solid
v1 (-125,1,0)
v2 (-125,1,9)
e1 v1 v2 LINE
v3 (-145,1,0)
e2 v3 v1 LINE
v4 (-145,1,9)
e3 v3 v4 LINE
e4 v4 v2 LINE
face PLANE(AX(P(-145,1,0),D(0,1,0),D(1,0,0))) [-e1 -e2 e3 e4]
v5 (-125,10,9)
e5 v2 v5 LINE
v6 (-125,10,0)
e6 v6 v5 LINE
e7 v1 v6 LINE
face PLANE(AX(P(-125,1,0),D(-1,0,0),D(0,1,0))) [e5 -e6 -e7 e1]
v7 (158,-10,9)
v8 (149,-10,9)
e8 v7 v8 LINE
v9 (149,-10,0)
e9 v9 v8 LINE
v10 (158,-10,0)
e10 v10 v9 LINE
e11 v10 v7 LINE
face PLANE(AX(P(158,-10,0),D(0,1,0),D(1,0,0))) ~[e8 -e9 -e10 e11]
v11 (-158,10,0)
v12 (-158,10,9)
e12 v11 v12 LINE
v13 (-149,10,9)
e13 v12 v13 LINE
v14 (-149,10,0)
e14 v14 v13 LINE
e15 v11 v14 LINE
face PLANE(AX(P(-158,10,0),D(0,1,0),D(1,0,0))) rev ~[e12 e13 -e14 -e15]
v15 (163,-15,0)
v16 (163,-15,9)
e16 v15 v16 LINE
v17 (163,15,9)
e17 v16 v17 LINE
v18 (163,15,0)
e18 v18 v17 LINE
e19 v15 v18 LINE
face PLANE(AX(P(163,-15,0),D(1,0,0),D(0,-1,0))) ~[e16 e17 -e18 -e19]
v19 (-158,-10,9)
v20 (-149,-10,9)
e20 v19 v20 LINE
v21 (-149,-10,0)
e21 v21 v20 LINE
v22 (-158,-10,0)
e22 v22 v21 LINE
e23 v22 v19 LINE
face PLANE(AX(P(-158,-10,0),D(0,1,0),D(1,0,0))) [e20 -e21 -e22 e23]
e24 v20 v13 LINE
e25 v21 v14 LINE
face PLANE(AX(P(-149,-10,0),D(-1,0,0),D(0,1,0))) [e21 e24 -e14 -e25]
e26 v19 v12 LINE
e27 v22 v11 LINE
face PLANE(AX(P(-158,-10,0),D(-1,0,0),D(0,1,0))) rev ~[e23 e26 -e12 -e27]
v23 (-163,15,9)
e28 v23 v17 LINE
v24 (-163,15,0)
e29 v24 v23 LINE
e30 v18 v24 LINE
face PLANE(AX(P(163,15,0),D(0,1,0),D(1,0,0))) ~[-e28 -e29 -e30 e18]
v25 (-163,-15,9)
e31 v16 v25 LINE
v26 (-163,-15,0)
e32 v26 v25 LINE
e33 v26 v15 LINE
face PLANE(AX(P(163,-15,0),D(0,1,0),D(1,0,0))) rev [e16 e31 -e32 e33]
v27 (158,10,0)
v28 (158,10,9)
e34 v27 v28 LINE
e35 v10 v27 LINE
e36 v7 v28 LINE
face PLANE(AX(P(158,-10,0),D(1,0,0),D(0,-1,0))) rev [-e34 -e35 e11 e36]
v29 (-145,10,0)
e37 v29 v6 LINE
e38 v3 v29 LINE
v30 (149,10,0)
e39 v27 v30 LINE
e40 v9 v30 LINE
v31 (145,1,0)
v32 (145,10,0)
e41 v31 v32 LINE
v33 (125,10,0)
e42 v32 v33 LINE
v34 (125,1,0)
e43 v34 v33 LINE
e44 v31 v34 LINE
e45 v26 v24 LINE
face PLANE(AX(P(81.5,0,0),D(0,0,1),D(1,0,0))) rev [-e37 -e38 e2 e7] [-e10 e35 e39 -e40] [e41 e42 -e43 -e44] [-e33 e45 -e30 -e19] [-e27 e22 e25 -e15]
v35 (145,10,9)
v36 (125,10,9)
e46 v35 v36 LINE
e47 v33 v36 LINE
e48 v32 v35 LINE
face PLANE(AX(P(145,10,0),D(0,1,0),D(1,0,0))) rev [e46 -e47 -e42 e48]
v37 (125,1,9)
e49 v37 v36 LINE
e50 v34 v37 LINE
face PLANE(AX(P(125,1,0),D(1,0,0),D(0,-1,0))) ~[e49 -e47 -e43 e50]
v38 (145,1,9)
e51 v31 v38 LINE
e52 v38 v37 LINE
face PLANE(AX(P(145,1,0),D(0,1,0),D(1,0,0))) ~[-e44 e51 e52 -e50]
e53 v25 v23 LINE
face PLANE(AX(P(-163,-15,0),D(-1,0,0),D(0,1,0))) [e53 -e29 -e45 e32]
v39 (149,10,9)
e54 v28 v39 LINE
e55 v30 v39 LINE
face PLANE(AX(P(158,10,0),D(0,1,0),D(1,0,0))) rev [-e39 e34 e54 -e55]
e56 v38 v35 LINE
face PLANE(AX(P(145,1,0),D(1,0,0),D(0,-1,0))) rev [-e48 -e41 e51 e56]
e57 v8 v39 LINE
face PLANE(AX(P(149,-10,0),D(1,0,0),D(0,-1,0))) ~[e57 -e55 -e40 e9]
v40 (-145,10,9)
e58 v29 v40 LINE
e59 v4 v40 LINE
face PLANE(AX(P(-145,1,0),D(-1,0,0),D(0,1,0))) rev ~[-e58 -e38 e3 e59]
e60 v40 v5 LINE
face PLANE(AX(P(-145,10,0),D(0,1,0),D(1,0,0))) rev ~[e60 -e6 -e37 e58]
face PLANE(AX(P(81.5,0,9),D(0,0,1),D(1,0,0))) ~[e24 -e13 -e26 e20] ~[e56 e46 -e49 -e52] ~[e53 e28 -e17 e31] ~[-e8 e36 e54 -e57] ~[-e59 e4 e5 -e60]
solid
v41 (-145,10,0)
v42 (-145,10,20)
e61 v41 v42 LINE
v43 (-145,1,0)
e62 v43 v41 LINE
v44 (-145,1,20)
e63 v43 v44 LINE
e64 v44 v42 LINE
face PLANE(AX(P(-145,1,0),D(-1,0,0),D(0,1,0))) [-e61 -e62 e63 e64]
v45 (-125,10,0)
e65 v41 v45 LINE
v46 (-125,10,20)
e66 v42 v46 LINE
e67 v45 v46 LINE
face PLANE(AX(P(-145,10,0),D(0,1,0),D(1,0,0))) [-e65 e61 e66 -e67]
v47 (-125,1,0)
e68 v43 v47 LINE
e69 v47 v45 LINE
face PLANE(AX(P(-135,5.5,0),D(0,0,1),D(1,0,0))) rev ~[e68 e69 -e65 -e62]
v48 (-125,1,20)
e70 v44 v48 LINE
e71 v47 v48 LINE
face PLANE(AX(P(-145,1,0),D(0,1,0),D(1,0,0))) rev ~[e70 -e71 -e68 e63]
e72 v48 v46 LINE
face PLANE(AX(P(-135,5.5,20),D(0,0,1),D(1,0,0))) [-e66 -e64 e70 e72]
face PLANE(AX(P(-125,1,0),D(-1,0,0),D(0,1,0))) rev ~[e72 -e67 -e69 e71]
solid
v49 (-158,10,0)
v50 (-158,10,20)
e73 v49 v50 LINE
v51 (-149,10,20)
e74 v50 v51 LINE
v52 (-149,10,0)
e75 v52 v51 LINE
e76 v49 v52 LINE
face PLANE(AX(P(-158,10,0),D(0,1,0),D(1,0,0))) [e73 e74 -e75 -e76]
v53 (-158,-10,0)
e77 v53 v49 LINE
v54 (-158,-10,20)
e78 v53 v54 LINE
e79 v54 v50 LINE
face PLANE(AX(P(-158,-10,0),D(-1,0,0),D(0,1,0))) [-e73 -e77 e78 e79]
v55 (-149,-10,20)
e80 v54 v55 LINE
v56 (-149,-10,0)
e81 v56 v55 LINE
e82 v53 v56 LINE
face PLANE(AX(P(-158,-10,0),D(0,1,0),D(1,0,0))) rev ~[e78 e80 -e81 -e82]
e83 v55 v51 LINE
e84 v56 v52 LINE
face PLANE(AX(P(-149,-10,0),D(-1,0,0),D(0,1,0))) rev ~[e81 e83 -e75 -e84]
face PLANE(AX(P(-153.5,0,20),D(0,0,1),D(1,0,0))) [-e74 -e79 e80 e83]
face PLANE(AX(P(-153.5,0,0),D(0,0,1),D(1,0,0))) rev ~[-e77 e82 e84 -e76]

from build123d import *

# Parameters (mm, degrees)
F0_W     = 163
F0_H     = 30
F0_W_2   = 9
F0_H_2   = 20
F0_W_3   = 20
F0_H_3   = 9
F1_DEPTH = 9
F2_DEPTH = 20


with BuildPart() as f1:
    # F0 (on Top) → F1 (new body)
    with BuildSketch(Plane.XY):
        with Locations((-81.5, 0)):
            Rectangle(F0_W, F0_H)
        with Locations((-153.5, 0)):
            Rectangle(F0_W_2, F0_H_2, mode=Mode.SUBTRACT)
        with Locations((-135, 5.5)):
            Rectangle(F0_W_3, F0_H_3, mode=Mode.SUBTRACT)
    extrude(amount=F1_DEPTH)

    # F3: F1 across face


with BuildPart() as f2:
    # F0 (on Top) → F2 (new body)
    with BuildSketch(Plane.XY):
        with Locations((-153.5, 0)):
            Rectangle(F0_W_2, F0_H_2)
        with Locations((-135, 5.5)):
            Rectangle(F0_W_3, F0_H_3)
    extrude(amount=F2_DEPTH)


with BuildPart() as f1_1:
    add(f1.part)
    add(f1.part.mirror(Plane(origin=(0, 0, 4.5), x_dir=(0, 1, 0), z_dir=(1, 0, 0))))


solid = Compound([f2.part, f1_1.part])
